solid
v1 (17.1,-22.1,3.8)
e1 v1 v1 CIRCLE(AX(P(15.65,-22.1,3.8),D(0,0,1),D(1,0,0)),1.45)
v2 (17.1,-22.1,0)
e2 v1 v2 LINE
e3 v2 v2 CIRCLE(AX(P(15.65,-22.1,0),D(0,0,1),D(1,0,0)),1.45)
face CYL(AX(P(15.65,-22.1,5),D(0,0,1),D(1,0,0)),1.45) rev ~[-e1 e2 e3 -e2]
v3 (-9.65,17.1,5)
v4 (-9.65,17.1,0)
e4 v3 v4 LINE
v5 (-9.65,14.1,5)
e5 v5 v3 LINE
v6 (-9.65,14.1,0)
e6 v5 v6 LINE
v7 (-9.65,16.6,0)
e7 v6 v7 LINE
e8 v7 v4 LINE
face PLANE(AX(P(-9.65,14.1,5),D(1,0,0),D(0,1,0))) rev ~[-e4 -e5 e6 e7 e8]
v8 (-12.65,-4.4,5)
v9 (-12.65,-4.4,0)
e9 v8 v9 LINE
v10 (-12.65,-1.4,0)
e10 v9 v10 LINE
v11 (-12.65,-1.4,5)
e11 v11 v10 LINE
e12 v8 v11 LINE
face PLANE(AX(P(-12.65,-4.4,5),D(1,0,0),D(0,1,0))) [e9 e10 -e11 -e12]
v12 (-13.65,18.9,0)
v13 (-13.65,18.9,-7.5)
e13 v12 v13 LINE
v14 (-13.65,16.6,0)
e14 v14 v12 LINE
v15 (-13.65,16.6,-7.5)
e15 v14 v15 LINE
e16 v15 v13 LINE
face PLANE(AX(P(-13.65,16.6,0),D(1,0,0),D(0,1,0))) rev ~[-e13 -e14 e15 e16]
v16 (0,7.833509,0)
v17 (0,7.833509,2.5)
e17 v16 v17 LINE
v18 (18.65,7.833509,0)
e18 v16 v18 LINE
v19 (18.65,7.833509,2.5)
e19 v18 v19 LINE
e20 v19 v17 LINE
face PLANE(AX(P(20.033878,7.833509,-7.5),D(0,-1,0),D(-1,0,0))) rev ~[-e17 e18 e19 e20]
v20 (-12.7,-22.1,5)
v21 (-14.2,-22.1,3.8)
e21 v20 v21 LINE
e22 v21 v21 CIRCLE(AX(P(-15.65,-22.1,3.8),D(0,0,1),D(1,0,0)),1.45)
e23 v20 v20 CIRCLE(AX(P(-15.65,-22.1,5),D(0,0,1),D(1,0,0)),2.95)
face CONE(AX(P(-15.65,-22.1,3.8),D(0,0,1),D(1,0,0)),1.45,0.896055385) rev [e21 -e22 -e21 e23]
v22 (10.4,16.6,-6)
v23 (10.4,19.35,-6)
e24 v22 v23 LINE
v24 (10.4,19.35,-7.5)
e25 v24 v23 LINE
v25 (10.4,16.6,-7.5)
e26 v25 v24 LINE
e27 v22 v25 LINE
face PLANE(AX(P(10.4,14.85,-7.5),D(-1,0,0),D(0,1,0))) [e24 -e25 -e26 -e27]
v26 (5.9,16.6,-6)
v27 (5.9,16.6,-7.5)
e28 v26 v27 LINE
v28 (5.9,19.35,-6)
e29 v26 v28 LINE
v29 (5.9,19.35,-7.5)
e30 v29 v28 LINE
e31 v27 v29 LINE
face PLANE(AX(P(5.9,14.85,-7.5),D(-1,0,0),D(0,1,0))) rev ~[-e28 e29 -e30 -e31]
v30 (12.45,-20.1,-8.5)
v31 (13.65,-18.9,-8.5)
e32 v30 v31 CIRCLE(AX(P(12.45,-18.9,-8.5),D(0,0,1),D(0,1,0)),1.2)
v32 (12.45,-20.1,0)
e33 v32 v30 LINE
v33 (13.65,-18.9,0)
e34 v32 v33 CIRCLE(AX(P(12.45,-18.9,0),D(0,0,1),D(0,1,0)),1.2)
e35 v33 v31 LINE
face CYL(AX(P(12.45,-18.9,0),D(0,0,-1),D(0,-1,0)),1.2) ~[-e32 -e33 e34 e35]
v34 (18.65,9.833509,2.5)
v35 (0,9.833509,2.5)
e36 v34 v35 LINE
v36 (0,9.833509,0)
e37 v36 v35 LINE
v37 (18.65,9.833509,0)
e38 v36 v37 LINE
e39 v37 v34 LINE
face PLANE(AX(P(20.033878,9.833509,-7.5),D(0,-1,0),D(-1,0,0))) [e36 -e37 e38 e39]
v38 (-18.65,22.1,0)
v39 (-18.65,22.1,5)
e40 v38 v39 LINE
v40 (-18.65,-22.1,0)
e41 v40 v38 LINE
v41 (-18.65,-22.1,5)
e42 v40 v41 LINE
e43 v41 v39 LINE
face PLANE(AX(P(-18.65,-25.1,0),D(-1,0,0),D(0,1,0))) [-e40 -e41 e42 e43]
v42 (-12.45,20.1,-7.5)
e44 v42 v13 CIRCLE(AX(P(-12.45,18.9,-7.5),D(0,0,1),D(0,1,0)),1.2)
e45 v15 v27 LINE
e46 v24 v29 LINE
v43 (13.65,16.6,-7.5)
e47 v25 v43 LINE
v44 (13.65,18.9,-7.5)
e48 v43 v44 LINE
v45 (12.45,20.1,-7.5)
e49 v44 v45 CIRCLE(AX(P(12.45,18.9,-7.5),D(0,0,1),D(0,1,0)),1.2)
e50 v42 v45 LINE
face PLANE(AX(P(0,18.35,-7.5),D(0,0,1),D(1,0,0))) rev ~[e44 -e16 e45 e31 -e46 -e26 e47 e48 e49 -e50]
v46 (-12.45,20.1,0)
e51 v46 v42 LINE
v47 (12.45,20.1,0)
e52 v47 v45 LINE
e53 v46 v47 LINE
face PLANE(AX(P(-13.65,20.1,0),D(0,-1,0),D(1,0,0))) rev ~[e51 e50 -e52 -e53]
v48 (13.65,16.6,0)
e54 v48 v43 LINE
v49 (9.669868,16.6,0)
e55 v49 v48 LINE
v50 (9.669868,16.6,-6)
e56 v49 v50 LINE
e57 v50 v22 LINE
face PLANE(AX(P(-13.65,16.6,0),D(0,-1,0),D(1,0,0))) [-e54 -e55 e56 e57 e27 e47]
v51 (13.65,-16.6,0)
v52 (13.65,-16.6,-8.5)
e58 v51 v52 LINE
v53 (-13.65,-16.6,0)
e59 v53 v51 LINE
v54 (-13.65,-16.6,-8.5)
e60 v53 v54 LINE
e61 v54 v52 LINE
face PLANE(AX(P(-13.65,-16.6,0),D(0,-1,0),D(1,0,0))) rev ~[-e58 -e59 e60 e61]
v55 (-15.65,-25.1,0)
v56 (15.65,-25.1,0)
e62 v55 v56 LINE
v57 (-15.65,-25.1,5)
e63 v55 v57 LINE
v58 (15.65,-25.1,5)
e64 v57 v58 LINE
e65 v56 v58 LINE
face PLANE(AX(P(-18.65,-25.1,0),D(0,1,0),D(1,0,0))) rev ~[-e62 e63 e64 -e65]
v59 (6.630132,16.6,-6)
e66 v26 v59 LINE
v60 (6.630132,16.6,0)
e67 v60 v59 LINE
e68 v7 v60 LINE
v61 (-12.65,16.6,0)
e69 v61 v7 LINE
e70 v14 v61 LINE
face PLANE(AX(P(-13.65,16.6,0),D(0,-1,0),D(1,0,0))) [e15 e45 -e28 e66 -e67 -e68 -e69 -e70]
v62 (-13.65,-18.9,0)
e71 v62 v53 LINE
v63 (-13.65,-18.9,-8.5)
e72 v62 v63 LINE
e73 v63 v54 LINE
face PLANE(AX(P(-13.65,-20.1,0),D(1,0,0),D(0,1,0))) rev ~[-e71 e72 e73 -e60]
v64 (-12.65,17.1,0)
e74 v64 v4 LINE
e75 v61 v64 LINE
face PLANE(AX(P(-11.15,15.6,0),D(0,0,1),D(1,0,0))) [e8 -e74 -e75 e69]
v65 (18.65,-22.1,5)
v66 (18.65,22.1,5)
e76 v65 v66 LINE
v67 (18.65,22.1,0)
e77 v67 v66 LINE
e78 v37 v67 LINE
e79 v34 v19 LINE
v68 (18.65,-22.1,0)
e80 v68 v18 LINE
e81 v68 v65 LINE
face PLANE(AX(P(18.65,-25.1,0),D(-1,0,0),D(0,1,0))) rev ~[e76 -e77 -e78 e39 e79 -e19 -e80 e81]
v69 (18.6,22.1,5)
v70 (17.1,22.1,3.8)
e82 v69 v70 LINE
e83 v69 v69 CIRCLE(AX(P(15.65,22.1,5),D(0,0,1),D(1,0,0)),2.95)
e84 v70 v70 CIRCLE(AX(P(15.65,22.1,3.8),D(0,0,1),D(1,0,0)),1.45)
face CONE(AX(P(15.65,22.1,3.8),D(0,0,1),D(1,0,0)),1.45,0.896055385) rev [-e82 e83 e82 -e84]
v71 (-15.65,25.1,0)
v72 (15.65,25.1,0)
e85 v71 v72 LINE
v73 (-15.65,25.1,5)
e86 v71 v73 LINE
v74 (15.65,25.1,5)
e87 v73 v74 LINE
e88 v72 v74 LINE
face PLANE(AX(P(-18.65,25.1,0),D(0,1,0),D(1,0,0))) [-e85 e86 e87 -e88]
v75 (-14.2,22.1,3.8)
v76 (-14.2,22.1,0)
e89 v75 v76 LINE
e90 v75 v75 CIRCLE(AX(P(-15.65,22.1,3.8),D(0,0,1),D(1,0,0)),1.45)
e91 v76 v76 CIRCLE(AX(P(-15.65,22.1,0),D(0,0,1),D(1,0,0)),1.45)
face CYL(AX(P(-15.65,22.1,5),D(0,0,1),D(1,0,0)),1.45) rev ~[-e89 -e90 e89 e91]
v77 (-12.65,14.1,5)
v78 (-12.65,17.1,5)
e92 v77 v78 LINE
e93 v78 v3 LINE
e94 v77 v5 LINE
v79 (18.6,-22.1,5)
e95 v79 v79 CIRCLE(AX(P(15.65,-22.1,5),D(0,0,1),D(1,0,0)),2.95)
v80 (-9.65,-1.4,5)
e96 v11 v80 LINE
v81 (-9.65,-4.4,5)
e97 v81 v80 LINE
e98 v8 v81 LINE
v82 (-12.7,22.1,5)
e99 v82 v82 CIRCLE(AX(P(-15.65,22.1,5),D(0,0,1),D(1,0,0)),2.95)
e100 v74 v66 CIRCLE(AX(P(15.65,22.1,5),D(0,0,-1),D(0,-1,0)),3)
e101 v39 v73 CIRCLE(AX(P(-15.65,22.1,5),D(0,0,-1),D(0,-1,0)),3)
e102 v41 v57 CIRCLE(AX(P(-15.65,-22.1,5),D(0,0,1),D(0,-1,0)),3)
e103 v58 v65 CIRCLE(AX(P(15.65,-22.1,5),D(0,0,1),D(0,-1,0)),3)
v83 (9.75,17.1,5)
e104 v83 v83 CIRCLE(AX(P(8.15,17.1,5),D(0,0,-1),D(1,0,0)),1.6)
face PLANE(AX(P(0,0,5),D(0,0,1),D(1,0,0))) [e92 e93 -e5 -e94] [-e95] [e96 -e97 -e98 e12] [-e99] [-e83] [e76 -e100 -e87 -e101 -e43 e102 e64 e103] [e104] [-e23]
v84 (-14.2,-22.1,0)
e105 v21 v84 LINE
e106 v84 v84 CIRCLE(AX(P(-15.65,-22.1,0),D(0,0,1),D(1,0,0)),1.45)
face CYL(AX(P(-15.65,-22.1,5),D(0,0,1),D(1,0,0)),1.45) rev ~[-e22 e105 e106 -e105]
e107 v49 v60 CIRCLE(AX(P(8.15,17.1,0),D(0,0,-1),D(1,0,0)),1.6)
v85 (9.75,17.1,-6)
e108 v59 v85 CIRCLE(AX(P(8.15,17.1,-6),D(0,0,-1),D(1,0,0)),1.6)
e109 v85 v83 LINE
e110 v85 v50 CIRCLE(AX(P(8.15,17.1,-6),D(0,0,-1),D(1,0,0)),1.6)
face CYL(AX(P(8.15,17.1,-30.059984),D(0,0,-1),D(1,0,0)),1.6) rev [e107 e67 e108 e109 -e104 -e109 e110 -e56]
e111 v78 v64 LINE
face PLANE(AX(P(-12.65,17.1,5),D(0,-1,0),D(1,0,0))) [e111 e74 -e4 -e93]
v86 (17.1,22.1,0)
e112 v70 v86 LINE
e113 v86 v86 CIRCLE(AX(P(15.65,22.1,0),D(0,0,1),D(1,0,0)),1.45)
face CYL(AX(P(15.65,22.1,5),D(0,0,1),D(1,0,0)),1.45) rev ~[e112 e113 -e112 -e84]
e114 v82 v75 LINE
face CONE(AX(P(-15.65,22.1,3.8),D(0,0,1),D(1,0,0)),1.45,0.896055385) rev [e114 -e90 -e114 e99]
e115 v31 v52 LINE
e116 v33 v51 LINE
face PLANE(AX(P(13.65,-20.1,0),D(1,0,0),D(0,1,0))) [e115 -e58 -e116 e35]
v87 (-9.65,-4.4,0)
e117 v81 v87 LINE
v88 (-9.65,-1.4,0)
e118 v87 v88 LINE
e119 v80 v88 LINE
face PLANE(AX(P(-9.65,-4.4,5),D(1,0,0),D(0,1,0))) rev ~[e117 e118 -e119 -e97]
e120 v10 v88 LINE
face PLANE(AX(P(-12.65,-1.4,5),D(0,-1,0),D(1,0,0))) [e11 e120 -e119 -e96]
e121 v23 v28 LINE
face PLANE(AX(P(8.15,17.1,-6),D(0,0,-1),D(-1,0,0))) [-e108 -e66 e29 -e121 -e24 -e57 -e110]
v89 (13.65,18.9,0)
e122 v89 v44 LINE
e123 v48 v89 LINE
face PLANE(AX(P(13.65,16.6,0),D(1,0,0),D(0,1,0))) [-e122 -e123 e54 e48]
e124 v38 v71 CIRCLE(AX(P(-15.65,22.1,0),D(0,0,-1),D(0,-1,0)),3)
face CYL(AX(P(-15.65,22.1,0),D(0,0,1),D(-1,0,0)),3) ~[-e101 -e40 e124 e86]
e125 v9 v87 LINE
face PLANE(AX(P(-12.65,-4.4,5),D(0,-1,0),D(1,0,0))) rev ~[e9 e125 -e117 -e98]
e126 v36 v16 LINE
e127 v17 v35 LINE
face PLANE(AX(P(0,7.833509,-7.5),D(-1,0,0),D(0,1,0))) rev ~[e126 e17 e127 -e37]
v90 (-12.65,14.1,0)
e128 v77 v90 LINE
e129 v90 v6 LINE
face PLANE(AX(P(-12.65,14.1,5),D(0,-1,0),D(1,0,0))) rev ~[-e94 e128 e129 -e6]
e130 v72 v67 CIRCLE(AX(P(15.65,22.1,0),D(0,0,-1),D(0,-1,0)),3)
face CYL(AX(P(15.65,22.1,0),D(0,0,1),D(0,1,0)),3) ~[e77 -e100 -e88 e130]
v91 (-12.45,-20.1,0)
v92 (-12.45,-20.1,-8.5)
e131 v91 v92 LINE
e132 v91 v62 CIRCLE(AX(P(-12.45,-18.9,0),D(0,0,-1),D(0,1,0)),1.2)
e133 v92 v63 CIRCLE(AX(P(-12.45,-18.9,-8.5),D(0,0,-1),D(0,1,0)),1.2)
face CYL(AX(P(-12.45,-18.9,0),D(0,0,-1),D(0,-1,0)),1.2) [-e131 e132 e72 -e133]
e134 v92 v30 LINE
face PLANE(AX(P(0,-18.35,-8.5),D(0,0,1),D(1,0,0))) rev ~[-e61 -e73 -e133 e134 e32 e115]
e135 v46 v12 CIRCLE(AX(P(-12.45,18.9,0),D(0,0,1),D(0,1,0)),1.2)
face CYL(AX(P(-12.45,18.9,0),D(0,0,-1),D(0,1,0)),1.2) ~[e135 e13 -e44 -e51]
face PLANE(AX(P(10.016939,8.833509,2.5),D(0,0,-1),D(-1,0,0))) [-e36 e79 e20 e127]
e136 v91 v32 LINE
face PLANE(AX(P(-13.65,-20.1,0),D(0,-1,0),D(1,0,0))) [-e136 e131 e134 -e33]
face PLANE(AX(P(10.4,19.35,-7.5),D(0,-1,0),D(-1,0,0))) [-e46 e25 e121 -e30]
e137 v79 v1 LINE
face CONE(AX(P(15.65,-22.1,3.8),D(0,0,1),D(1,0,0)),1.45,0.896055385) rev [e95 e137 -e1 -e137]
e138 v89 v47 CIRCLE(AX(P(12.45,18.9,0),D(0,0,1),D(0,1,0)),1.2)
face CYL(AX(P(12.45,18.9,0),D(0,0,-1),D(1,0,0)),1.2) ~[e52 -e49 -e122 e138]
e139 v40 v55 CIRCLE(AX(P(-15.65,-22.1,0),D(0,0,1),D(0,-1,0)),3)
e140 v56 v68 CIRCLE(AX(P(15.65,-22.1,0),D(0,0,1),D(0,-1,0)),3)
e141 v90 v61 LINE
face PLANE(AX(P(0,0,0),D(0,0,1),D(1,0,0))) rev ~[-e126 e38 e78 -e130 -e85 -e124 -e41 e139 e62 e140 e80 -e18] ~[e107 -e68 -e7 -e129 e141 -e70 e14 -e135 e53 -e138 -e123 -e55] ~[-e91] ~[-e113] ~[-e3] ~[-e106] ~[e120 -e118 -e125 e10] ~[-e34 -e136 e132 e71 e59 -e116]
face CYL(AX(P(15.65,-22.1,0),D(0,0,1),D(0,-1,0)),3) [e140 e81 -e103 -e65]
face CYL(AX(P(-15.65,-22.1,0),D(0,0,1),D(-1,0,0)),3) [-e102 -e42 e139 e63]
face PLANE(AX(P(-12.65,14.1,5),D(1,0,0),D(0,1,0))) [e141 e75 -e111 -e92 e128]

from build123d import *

# Parameters (mm, degrees)
SKETCH_1_W               = 37.3
SKETCH_1_H               = 50.2
EXTRUDE_1_DEPTH          = 5
SKETCH_2_W               = 27.3
SKETCH_2_H               = 3.5
EXTRUDE_2_DEPTH          = 8.5
SKETCH_2_3_W             = 27.3
SKETCH_2_3_H             = 3.5
EXTRUDE_3_DEPTH          = 7.5
FILLET_1_R               = 1.2
FILLET_2_R               = 3
CUT_EXTRUDE_1_DEPTH      = 35.059983852
CUT_EXTRUDE_1_DEPTH_BACK = 35.059983852
SKETCH_4_R               = 1.6
SKETCH_5_W               = 4.5
SKETCH_5_H               = 4.5
CUT_EXTRUDE_2_DEPTH      = 1.5
SKETCH_6_R               = 1.45
CUT_EXTRUDE_3_DEPTH      = 35.059983852
CHAMFER_1_SIZE           = 1.5
CHAMFER_1_SIZE2          = 1.2
SKETCH_8_W               = 3
SKETCH_8_H               = 3
CUT_EXTRUDE_4_DEPTH      = 5
SKETCH_9_W               = 20.033877817
SKETCH_9_H               = 2
CUT_EXTRUDE_5_DEPTH      = 10


with BuildPart() as part:
    # 스케치1 → 보스-돌출1 (new body)
    with BuildSketch(Plane.XY):
        Rectangle(SKETCH_1_W, SKETCH_1_H)
    extrude(amount=EXTRUDE_1_DEPTH)

    # 스케치2 → 보스-돌출2 (add)
    with BuildSketch(Plane.XY):
        with Locations((0, -18.35)):
            Rectangle(SKETCH_2_W, SKETCH_2_H)
    extrude(amount=-EXTRUDE_2_DEPTH)

    # 스케치2<3> → 보스-돌출3 (add)
    with BuildSketch(Plane.XY):
        with Locations((0, 18.35)):
            Rectangle(SKETCH_2_3_W, SKETCH_2_3_H)
    extrude(amount=-EXTRUDE_3_DEPTH)

    # 필렛1
    fillet_1_edges = [part.edges().sort_by_distance(p)[0] for p in [
        (13.65, -20.1, -4.25),
        (-13.65, -20.1, -4.25),
        (-13.65, 20.1, -3.75),
        (13.65, 20.1, -3.75),
    ]]
    fillet(fillet_1_edges, radius=FILLET_1_R)

    # 필렛2
    fillet_2_edges = [part.edges().sort_by_distance(p)[0] for p in [
        (18.65, -25.1, 2.5),
        (-18.65, -25.1, 2.5),
        (-18.65, 25.1, 2.5),
        (18.65, 25.1, 2.5),
    ]]
    fillet(fillet_2_edges, radius=FILLET_2_R)

    # 스케치4 → 컷-돌출1 (cut, two sides: drawn at the far end of the back side and taken through both)
    with BuildSketch(Plane.XY.offset(5).offset(-CUT_EXTRUDE_1_DEPTH_BACK)):
        with Locations((8.15, 17.1)):
            Circle(SKETCH_4_R)
    extrude(amount=CUT_EXTRUDE_1_DEPTH + CUT_EXTRUDE_1_DEPTH_BACK, mode=Mode.SUBTRACT)

    # 스케치5 → 컷-돌출2 (cut)
    with BuildSketch(Plane(origin=(0, 0, -7.5), x_dir=(-1, 0, 0), z_dir=(0, 0, -1))):
        with Locations((-8.15, 17.1)):
            Rectangle(SKETCH_5_W, SKETCH_5_H)
    extrude(amount=-CUT_EXTRUDE_2_DEPTH, mode=Mode.SUBTRACT)

    # 스케치6 → 컷-돌출3 (cut, through all)
    with BuildSketch(Plane.XY.offset(5)):
        with Locations((-15.65, 22.1)):
            Circle(SKETCH_6_R)
        with Locations((15.65, 22.1)):
            Circle(SKETCH_6_R)
        with Locations((15.65, -22.1)):
            Circle(SKETCH_6_R)
        with Locations((-15.65, -22.1)):
            Circle(SKETCH_6_R)
    extrude(amount=-CUT_EXTRUDE_3_DEPTH, mode=Mode.SUBTRACT)

    # 모따기1
    chamfer_1_edges = [part.edges().sort_by_distance(p)[0] for p in [
        (-17.1, -22.1, 5),
        (14.2, -22.1, 5),
        (14.2, 22.1, 5),
        (-17.1, 22.1, 5),
    ]]
    chamfer_1_side = [part.faces().sort_by_distance(p)[0] for p in [
        (-0.035812285, -0.075139887, 5),
    ]]
    chamfer(chamfer_1_edges, length=CHAMFER_1_SIZE, length2=CHAMFER_1_SIZE2, reference=chamfer_1_side[0])

    # 스케치8 → 컷-돌출4 (cut)
    with BuildSketch(Plane.XY.offset(5)):
        with Locations((-11.15, 15.6)):
            Rectangle(SKETCH_8_W, SKETCH_8_H)
        with Locations((-11.15, -2.9)):
            Rectangle(SKETCH_8_W, SKETCH_8_H)
    extrude(amount=-CUT_EXTRUDE_4_DEPTH, mode=Mode.SUBTRACT)

    # 스케치9 → 컷-돌출5 (cut)
    with BuildSketch(Plane(origin=(0, 0, -7.5), x_dir=(-1, 0, 0), z_dir=(0, 0, -1))):
        with Locations((-10.016938909, 8.833508823)):
            Rectangle(SKETCH_9_W, SKETCH_9_H)
    extrude(amount=-CUT_EXTRUDE_5_DEPTH, mode=Mode.SUBTRACT)


solid = part.part
